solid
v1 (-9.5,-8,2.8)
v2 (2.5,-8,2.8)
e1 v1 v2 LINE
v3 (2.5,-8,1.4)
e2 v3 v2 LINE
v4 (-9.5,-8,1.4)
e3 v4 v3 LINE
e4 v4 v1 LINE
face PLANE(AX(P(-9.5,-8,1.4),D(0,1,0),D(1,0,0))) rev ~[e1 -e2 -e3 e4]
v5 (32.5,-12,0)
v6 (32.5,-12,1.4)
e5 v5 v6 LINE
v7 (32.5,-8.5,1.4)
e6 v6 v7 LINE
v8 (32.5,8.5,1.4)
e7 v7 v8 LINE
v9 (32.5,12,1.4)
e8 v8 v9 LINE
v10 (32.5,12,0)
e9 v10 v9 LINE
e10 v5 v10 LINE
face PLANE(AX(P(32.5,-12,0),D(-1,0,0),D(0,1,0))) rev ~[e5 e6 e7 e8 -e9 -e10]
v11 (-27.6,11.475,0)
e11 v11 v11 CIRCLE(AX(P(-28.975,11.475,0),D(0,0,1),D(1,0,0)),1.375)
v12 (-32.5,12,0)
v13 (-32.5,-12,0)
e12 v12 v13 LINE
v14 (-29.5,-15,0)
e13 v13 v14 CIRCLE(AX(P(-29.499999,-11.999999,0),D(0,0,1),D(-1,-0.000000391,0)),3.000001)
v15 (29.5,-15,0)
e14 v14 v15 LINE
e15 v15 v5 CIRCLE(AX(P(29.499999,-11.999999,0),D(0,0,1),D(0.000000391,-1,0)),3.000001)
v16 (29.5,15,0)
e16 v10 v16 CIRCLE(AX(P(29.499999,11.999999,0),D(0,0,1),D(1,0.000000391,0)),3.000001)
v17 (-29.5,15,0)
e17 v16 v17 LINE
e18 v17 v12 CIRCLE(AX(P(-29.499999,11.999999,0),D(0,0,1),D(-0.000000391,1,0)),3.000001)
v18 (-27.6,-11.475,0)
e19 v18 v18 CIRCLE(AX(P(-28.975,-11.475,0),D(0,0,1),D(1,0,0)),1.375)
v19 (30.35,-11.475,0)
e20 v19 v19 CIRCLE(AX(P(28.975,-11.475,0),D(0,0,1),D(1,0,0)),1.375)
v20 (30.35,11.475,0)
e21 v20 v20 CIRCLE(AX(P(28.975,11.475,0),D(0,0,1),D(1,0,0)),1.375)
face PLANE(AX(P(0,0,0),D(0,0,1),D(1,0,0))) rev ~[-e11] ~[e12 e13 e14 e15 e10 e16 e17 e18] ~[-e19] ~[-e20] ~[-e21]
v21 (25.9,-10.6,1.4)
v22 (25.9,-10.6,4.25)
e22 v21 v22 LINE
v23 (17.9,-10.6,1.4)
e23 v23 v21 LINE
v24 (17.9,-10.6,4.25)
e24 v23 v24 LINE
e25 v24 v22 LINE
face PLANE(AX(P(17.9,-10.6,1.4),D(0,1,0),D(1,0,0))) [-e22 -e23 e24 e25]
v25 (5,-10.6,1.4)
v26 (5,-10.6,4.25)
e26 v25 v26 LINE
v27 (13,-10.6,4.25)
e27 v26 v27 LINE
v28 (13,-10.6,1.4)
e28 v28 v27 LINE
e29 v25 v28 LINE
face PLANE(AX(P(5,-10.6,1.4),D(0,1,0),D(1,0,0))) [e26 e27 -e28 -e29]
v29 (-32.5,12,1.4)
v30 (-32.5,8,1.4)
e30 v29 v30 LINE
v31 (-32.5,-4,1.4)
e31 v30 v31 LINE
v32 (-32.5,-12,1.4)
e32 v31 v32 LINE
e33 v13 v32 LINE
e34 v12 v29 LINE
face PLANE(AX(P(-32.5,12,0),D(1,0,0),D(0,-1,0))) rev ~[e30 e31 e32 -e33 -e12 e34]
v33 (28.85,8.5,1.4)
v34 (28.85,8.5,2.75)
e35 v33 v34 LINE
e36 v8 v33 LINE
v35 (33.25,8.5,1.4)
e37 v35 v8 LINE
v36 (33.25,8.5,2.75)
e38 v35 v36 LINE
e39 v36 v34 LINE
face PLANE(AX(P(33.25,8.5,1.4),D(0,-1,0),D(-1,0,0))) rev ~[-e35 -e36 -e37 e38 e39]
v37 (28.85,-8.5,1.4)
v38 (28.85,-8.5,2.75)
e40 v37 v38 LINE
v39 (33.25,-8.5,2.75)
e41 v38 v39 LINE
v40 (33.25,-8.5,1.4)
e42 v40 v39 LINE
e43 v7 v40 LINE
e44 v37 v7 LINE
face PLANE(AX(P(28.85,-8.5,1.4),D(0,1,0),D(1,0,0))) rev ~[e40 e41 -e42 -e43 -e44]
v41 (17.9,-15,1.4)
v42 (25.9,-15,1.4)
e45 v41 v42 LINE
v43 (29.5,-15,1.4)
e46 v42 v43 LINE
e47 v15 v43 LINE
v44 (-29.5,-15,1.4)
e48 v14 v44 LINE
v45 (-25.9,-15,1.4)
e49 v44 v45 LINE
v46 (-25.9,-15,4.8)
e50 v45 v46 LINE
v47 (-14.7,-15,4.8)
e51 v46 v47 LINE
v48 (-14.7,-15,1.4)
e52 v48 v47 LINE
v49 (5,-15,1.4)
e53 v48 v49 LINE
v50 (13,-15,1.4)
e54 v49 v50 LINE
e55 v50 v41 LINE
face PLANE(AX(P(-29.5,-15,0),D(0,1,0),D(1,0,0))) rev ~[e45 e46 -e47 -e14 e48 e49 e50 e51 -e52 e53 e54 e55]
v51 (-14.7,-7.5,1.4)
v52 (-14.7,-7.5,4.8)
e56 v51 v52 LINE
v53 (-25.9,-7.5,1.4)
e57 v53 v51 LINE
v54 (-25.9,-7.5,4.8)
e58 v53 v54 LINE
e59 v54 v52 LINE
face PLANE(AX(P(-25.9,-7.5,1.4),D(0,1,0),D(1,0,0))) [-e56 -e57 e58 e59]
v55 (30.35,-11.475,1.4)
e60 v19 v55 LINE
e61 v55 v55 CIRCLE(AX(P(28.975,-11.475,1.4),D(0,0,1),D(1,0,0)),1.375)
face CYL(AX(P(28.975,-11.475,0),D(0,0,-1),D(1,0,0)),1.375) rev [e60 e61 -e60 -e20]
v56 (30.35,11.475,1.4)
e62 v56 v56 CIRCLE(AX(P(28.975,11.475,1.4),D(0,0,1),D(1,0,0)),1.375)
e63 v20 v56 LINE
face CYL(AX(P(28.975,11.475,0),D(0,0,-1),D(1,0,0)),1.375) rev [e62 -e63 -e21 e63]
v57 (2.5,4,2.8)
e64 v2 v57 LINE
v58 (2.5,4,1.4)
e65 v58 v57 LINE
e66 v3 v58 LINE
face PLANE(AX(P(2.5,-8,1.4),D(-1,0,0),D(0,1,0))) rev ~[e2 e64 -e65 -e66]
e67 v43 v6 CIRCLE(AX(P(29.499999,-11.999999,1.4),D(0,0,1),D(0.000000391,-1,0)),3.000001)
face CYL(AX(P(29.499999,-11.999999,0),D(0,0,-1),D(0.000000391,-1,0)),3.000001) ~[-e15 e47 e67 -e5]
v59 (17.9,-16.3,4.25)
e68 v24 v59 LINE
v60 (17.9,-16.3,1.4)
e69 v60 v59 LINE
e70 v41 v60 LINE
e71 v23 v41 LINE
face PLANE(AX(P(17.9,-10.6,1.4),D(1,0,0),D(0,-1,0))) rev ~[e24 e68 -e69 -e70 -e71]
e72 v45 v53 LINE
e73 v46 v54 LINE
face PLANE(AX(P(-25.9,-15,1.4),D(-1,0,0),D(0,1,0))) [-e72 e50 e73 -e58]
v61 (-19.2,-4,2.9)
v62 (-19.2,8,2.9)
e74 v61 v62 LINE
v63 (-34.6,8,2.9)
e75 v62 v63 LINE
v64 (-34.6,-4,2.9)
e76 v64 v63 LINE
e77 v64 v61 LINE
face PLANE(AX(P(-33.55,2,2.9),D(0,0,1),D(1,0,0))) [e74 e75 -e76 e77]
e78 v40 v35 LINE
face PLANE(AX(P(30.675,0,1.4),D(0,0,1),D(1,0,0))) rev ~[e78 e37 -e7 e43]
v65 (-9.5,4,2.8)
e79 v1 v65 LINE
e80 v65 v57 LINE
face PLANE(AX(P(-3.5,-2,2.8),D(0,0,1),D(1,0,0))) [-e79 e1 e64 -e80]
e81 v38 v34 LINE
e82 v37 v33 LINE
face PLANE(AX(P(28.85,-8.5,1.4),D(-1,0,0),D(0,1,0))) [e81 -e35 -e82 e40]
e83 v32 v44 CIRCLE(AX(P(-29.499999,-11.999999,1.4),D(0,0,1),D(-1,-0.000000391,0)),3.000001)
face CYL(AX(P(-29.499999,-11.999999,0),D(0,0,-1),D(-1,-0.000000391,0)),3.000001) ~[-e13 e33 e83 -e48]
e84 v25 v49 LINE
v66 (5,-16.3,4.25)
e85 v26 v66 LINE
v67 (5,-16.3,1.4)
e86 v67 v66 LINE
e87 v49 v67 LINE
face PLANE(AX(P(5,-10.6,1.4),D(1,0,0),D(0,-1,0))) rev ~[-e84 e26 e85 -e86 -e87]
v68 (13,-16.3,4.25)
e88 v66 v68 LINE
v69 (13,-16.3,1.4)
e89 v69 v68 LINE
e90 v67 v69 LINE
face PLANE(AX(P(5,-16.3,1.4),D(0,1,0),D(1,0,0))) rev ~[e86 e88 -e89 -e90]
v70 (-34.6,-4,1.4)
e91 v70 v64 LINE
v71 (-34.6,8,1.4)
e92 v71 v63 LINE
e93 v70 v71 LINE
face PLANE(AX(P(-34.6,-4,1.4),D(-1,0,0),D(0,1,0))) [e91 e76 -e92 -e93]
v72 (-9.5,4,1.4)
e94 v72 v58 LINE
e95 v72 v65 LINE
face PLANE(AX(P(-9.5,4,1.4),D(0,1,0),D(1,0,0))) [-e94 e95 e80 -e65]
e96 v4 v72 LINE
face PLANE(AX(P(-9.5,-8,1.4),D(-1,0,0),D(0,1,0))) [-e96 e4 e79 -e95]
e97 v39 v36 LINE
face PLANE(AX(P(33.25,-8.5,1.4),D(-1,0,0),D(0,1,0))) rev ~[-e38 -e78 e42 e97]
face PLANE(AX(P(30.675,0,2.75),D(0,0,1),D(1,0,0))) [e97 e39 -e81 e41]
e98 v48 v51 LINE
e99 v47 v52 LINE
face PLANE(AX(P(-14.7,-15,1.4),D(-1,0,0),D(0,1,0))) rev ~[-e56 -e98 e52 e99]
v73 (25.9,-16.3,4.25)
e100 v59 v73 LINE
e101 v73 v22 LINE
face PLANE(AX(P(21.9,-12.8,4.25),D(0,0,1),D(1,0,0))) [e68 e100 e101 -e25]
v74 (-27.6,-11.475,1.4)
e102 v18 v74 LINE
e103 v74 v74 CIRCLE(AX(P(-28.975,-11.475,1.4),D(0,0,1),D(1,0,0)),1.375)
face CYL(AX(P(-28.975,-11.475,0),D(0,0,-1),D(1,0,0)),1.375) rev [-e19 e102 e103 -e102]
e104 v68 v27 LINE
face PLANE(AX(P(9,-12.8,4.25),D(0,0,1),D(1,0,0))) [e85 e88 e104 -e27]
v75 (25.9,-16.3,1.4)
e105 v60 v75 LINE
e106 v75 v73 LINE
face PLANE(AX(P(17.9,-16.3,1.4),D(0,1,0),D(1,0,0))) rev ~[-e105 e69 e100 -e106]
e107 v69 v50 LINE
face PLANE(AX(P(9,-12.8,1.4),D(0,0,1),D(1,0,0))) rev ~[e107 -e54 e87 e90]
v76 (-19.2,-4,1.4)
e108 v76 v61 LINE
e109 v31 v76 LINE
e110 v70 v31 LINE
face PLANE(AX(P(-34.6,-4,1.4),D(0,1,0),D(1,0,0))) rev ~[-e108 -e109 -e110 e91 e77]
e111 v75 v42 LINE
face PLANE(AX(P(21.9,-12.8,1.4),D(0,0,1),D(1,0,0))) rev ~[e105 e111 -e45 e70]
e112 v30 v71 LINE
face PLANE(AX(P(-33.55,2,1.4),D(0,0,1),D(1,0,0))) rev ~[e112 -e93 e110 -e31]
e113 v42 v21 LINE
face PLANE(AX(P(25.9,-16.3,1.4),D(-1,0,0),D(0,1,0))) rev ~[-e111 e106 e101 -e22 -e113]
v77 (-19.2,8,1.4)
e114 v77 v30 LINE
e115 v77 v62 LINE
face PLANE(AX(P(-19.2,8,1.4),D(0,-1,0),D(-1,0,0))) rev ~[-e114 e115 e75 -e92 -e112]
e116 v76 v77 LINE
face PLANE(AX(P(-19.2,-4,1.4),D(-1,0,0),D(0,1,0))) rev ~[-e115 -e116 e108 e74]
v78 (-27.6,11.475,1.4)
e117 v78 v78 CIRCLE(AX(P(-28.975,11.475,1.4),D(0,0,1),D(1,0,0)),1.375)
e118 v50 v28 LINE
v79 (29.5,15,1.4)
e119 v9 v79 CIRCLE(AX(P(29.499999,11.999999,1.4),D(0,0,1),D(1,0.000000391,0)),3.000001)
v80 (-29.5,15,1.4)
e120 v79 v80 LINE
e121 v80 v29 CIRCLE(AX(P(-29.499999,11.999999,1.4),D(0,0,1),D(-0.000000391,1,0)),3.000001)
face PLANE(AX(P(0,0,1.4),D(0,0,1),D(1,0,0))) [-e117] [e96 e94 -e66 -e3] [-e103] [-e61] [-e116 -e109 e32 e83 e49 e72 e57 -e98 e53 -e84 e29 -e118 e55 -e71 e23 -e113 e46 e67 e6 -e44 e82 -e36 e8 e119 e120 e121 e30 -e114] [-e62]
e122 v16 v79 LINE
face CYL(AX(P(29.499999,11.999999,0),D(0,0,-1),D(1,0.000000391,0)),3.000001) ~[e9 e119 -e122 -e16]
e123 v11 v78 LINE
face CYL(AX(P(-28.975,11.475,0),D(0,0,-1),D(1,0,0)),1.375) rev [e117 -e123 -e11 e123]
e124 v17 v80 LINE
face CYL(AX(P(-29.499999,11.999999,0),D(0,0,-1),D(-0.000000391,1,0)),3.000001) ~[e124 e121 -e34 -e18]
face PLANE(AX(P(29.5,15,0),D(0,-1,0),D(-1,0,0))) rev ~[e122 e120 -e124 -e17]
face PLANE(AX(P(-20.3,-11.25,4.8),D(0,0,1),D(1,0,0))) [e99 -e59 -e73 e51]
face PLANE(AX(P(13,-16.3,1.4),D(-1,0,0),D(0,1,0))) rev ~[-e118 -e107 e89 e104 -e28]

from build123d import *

# Parameters (mm, degrees)
F0_R     = 1.375
F1_DEPTH = 1.4
F2_W     = 12
F2_H     = 12
F3_DEPTH = 1.4
F2_W_2   = 11.2
F2_H_2   = 7.5
F4_DEPTH = 3.4
F2_W_3   = 8
F2_H_3   = 4.4
F2_H_4   = 1.3
F5_DEPTH = 2.85
F2_W_4   = 3.65
F2_H_5   = 17
F2_W_5   = 0.75
F6_DEPTH = 1.35
F2_W_6   = 2.1
F2_W_7   = 13.3
F7_DEPTH = 1.5


with BuildPart() as f1:
    # F0 (on Top) → F1 (new body)
    with BuildSketch(Plane.XY):
        with BuildLine():
            Line((-29.5, -15), (29.5, -15))
            ThreePointArc((29.5, -15), (31.62132, -14.12132), (32.5, -12))
            Line((32.5, -12), (32.5, 12))
            ThreePointArc((32.5, 12), (31.62132, 14.12132), (29.5, 15))
            Line((29.5, 15), (-29.5, 15))
            ThreePointArc((-29.5, 15), (-31.62132, 14.12132), (-32.5, 12))
            Line((-32.5, 12), (-32.5, -12))
            ThreePointArc((-32.5, -12), (-31.62132, -14.12132), (-29.5, -15))
        make_face()
        with Locations((-28.975, -11.475)):
            Circle(F0_R, mode=Mode.SUBTRACT)
        with Locations((28.975, -11.475)):
            Circle(F0_R, mode=Mode.SUBTRACT)
        with Locations((-28.975, 11.475)):
            Circle(F0_R, mode=Mode.SUBTRACT)
        with Locations((28.975, 11.475)):
            Circle(F0_R, mode=Mode.SUBTRACT)
    extrude(amount=F1_DEPTH)

    # F2 (on face) → F3 (join)
    with BuildSketch(Plane.XY.offset(1.4)):
        with Locations((-3.5, -2)):
            Rectangle(F2_W, F2_H)
    extrude(amount=F3_DEPTH)

    # F2 (on face) → F4 (join)
    with BuildSketch(Plane.XY.offset(1.4)):
        with Locations((-20.3, -11.25)):
            Rectangle(F2_W_2, F2_H_2)
    extrude(amount=F4_DEPTH)

    # F2 (on face) → F5 (join)
    with BuildSketch(Plane.XY.offset(1.4)):
        with Locations((9, -12.8)):
            Rectangle(F2_W_3, F2_H_3)
        with Locations((21.9, -12.8)):
            Rectangle(F2_W_3, F2_H_3)
        with Locations((21.9, -15.65)):
            Rectangle(F2_W_3, F2_H_4)
        with Locations((9, -15.65)):
            Rectangle(F2_W_3, F2_H_4)
    extrude(amount=F5_DEPTH)

    # F2 (on face) → F6 (join)
    with BuildSketch(Plane.XY.offset(1.4)):
        with Locations((30.675, 0)):
            Rectangle(F2_W_4, F2_H_5)
        with Locations((32.875, 0)):
            Rectangle(F2_W_5, F2_H_5)
    extrude(amount=F6_DEPTH)

    # F2 (on face) → F7 (join)
    with BuildSketch(Plane.XY.offset(1.4)):
        with Locations((-33.55, 2)):
            Rectangle(F2_W_6, F2_H)
        with Locations((-25.85, 2)):
            Rectangle(F2_W_7, F2_H)
    extrude(amount=F7_DEPTH)


solid = f1.part
